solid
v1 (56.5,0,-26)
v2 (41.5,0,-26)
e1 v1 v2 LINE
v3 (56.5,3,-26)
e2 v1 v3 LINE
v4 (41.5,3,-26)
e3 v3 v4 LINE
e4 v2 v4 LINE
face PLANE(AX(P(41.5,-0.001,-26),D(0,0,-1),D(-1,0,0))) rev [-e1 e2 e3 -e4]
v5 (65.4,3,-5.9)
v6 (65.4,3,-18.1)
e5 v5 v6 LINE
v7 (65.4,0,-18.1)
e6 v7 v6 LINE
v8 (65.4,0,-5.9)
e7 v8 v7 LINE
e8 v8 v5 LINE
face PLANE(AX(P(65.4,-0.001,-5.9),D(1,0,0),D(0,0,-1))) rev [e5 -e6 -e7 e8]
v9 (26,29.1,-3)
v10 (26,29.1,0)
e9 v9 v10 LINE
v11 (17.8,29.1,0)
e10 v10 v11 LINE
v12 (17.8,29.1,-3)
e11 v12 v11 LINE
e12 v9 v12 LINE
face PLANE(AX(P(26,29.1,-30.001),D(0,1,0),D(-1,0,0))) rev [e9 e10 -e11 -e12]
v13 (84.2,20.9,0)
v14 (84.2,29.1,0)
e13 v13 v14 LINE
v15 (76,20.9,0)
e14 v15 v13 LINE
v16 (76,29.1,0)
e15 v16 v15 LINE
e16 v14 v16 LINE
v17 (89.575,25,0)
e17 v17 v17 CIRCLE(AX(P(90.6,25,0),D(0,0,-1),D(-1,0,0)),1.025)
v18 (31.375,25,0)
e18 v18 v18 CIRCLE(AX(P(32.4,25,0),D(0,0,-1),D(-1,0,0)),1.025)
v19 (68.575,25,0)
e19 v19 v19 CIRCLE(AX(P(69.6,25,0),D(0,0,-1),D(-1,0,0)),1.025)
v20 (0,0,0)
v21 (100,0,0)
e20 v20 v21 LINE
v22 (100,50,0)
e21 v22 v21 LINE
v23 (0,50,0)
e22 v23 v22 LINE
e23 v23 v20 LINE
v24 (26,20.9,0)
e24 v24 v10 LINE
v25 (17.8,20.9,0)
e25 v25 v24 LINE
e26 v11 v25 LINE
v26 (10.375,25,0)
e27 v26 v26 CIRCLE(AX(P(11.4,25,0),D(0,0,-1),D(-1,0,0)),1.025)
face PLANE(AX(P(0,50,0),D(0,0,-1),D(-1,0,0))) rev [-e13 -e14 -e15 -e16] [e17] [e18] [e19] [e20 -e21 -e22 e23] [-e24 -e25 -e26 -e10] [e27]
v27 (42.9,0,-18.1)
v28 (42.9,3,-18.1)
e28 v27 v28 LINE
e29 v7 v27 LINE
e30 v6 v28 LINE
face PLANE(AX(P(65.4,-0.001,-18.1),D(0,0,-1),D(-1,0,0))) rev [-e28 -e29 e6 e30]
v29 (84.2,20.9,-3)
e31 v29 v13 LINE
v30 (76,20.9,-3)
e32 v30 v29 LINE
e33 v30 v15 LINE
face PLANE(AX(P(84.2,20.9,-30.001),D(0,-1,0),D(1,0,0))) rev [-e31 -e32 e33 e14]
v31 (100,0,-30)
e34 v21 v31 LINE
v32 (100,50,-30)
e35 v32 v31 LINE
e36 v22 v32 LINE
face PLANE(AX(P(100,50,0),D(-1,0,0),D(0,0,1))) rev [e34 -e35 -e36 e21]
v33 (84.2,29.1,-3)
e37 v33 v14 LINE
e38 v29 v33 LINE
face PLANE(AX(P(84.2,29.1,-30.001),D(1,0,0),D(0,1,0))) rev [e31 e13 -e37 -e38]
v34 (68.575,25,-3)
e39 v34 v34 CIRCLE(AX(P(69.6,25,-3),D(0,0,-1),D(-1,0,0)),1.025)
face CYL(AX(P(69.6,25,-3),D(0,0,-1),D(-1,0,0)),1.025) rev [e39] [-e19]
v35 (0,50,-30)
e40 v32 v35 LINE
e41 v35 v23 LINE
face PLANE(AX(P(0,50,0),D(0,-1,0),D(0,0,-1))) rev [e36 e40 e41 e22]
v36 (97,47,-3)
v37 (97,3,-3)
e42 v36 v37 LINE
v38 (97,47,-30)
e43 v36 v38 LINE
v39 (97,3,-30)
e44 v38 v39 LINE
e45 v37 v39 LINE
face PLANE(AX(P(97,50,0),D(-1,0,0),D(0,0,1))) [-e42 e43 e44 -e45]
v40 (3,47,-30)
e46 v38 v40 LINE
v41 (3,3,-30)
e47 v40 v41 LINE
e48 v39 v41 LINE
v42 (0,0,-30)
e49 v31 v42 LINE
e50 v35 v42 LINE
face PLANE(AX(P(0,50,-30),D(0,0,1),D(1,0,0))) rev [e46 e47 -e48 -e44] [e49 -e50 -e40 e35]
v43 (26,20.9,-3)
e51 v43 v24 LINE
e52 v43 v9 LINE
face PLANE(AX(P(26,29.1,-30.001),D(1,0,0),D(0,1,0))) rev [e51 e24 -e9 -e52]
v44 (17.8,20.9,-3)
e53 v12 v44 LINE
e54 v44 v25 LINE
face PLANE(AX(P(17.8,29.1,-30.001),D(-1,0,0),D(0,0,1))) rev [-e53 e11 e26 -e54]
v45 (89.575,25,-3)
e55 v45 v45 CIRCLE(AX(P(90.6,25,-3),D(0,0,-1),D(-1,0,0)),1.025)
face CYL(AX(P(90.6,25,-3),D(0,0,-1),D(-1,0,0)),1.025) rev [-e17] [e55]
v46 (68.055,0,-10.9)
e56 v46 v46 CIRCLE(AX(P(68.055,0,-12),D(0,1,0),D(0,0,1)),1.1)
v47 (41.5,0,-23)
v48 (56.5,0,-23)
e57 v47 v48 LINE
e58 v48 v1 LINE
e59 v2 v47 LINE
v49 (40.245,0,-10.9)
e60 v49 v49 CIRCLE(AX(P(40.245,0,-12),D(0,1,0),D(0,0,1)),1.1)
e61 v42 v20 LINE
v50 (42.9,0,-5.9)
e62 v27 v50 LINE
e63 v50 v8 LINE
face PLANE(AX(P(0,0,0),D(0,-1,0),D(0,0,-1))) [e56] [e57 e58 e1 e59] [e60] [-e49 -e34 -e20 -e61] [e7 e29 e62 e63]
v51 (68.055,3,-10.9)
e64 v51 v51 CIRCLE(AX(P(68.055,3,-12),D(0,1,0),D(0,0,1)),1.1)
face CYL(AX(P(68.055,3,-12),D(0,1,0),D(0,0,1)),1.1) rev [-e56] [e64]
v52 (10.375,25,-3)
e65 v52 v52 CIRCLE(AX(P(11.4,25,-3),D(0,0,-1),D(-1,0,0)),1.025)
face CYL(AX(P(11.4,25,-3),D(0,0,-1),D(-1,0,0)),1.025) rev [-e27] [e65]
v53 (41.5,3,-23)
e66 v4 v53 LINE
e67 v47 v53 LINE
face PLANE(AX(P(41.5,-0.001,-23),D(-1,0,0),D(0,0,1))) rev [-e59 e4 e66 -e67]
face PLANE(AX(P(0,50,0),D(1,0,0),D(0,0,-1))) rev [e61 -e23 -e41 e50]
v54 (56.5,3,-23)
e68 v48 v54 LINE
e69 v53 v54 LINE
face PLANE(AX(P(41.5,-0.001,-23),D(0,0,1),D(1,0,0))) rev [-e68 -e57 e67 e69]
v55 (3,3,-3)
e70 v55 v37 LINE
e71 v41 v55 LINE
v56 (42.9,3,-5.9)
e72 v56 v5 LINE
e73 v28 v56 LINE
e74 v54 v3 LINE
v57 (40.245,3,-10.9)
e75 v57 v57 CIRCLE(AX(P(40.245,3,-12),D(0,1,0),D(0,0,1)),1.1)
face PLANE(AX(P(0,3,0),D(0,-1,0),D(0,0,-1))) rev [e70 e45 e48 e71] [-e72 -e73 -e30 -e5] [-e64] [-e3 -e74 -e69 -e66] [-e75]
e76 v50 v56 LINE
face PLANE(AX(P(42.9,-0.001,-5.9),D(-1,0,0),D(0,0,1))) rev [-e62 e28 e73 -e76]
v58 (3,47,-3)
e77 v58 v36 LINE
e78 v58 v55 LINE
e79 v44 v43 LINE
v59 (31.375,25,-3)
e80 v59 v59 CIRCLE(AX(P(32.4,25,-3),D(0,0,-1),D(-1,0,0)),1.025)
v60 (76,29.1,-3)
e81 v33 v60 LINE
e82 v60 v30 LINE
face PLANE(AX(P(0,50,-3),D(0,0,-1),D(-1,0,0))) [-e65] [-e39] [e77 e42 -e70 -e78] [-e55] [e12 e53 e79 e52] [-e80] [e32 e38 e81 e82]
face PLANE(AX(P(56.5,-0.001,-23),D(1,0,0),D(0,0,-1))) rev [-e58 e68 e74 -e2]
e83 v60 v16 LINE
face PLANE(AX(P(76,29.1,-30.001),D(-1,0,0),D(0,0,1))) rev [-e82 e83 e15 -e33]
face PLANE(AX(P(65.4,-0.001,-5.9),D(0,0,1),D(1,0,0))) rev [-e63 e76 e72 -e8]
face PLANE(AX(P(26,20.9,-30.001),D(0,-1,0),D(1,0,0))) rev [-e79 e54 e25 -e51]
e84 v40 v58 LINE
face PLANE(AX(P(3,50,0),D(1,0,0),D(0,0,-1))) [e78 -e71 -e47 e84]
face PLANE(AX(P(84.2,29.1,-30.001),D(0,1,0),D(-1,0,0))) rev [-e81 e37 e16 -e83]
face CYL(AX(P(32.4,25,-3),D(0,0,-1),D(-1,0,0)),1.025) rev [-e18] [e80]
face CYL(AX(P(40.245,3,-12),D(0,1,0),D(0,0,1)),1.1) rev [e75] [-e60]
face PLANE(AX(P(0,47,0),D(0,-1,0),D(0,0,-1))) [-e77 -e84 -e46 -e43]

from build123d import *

# Parameters (mm, degrees)
SKETCH1_W                      = 100
SKETCH1_H                      = 30
BOSS_EXTRUDE1_DEPTH            = 50
SHELL1_T                       = -3
CUT_EXTRUDE1_REACH             = 116.495
SKETCH2_W                      = 22.5
SKETCH2_H                      = 12.2
F_2_2_2_2_DIAMETER_HOLE1_D     = 2.2
F_2_2_2_2_DIAMETER_HOLE1_DEPTH = 3
CUT_EXTRUDE2_REACH             = 116.495
SKETCH5_W                      = 15
SKETCH5_H                      = 3
CUT_EXTRUDE3_REACH             = 117.758
SKETCH6_W                      = 8.2
SKETCH6_H                      = 8.2
F_2_05_2_05_DIAMETER_HOLE1_D   = 2.05


with BuildPart() as part:
    # Sketch1 → Boss-Extrude1 (new body)
    with BuildSketch(Plane(origin=(0, 0, 0), x_dir=(1, 0, 0), z_dir=(0, 1, 0))):
        with Locations((50, 15)):
            Rectangle(SKETCH1_W, SKETCH1_H)
    extrude(amount=BOSS_EXTRUDE1_DEPTH)

    # Shell1
    shell1_openings = [part.faces().sort_by_distance(p)[0] for p in [
        (50, 25, -30),
    ]]
    offset(amount=SHELL1_T, openings=shell1_openings, kind=Kind.INTERSECTION)

    # Sketch2 → Cut-Extrude1 (cut, up to next)
    with BuildSketch(Plane(origin=(0, 3, 0), x_dir=(1, 0, 0), z_dir=(0, 1, 0)), mode=Mode.PRIVATE) as cut_extrude1_sk1:
        with Locations((54.15, 12)):
            Rectangle(SKETCH2_W, SKETCH2_H)
    cut_extrude1_tool1 = extrude(cut_extrude1_sk1.sketch, amount=-CUT_EXTRUDE1_REACH, mode=Mode.PRIVATE) & part.part
    add(cut_extrude1_tool1.solids().sort_by_distance((54.15, 3, -12))[0], mode=Mode.SUBTRACT)

    # Ø2.2 (2.2) Diameter Hole1
    with Locations(Plane(origin=(0, 3, 0), x_dir=(1, 0, 0), z_dir=(0, 1, 0))):
        with Locations((68.055, 12), (40.245, 12)):
            Hole(F_2_2_2_2_DIAMETER_HOLE1_D / 2, depth=F_2_2_2_2_DIAMETER_HOLE1_DEPTH)

    # Sketch5 → Cut-Extrude2 (cut, up to next)
    with BuildSketch(Plane(origin=(0, 3, 0), x_dir=(1, 0, 0), z_dir=(0, 1, 0)), mode=Mode.PRIVATE) as cut_extrude2_sk1:
        with Locations((49, 24.5)):
            Rectangle(SKETCH5_W, SKETCH5_H)
    cut_extrude2_tool1 = extrude(cut_extrude2_sk1.sketch, amount=-CUT_EXTRUDE2_REACH, mode=Mode.PRIVATE) & part.part
    add(cut_extrude2_tool1.solids().sort_by_distance((49, 3, -24.5))[0], mode=Mode.SUBTRACT)

    # Sketch6 → Cut-Extrude3 (cut, up to next)
    with BuildSketch(Plane.XY, mode=Mode.PRIVATE) as cut_extrude3_sk1:
        with Locations((80.1, 25)):
            Rectangle(SKETCH6_W, SKETCH6_H)
    cut_extrude3_tool1 = extrude(cut_extrude3_sk1.sketch, amount=-CUT_EXTRUDE3_REACH, mode=Mode.PRIVATE) & part.part
    # Sketch6 → Cut-Extrude3 (cut, up to next)
    with BuildSketch(Plane.XY, mode=Mode.PRIVATE) as cut_extrude3_sk2:
        with Locations((21.9, 25)):
            Rectangle(SKETCH6_W, SKETCH6_H)
    cut_extrude3_tool2 = extrude(cut_extrude3_sk2.sketch, amount=-CUT_EXTRUDE3_REACH, mode=Mode.PRIVATE) & part.part
    add(cut_extrude3_tool1.solids().sort_by_distance((80.1, 25, 0))[0], mode=Mode.SUBTRACT)
    add(cut_extrude3_tool2.solids().sort_by_distance((21.9, 25, 0))[0], mode=Mode.SUBTRACT)

    # Ø2.05 (2.05) Diameter Hole1 (through all)
    with Locations(Plane(origin=(0, 0, -3), x_dir=(-1, 0, 0), z_dir=(0, 0, -1))):
        with Locations((-90.6, 25), (-69.6, 25), (-32.4, 25), (-11.4, 25)):
            Hole(F_2_05_2_05_DIAMETER_HOLE1_D / 2)


solid = part.part
